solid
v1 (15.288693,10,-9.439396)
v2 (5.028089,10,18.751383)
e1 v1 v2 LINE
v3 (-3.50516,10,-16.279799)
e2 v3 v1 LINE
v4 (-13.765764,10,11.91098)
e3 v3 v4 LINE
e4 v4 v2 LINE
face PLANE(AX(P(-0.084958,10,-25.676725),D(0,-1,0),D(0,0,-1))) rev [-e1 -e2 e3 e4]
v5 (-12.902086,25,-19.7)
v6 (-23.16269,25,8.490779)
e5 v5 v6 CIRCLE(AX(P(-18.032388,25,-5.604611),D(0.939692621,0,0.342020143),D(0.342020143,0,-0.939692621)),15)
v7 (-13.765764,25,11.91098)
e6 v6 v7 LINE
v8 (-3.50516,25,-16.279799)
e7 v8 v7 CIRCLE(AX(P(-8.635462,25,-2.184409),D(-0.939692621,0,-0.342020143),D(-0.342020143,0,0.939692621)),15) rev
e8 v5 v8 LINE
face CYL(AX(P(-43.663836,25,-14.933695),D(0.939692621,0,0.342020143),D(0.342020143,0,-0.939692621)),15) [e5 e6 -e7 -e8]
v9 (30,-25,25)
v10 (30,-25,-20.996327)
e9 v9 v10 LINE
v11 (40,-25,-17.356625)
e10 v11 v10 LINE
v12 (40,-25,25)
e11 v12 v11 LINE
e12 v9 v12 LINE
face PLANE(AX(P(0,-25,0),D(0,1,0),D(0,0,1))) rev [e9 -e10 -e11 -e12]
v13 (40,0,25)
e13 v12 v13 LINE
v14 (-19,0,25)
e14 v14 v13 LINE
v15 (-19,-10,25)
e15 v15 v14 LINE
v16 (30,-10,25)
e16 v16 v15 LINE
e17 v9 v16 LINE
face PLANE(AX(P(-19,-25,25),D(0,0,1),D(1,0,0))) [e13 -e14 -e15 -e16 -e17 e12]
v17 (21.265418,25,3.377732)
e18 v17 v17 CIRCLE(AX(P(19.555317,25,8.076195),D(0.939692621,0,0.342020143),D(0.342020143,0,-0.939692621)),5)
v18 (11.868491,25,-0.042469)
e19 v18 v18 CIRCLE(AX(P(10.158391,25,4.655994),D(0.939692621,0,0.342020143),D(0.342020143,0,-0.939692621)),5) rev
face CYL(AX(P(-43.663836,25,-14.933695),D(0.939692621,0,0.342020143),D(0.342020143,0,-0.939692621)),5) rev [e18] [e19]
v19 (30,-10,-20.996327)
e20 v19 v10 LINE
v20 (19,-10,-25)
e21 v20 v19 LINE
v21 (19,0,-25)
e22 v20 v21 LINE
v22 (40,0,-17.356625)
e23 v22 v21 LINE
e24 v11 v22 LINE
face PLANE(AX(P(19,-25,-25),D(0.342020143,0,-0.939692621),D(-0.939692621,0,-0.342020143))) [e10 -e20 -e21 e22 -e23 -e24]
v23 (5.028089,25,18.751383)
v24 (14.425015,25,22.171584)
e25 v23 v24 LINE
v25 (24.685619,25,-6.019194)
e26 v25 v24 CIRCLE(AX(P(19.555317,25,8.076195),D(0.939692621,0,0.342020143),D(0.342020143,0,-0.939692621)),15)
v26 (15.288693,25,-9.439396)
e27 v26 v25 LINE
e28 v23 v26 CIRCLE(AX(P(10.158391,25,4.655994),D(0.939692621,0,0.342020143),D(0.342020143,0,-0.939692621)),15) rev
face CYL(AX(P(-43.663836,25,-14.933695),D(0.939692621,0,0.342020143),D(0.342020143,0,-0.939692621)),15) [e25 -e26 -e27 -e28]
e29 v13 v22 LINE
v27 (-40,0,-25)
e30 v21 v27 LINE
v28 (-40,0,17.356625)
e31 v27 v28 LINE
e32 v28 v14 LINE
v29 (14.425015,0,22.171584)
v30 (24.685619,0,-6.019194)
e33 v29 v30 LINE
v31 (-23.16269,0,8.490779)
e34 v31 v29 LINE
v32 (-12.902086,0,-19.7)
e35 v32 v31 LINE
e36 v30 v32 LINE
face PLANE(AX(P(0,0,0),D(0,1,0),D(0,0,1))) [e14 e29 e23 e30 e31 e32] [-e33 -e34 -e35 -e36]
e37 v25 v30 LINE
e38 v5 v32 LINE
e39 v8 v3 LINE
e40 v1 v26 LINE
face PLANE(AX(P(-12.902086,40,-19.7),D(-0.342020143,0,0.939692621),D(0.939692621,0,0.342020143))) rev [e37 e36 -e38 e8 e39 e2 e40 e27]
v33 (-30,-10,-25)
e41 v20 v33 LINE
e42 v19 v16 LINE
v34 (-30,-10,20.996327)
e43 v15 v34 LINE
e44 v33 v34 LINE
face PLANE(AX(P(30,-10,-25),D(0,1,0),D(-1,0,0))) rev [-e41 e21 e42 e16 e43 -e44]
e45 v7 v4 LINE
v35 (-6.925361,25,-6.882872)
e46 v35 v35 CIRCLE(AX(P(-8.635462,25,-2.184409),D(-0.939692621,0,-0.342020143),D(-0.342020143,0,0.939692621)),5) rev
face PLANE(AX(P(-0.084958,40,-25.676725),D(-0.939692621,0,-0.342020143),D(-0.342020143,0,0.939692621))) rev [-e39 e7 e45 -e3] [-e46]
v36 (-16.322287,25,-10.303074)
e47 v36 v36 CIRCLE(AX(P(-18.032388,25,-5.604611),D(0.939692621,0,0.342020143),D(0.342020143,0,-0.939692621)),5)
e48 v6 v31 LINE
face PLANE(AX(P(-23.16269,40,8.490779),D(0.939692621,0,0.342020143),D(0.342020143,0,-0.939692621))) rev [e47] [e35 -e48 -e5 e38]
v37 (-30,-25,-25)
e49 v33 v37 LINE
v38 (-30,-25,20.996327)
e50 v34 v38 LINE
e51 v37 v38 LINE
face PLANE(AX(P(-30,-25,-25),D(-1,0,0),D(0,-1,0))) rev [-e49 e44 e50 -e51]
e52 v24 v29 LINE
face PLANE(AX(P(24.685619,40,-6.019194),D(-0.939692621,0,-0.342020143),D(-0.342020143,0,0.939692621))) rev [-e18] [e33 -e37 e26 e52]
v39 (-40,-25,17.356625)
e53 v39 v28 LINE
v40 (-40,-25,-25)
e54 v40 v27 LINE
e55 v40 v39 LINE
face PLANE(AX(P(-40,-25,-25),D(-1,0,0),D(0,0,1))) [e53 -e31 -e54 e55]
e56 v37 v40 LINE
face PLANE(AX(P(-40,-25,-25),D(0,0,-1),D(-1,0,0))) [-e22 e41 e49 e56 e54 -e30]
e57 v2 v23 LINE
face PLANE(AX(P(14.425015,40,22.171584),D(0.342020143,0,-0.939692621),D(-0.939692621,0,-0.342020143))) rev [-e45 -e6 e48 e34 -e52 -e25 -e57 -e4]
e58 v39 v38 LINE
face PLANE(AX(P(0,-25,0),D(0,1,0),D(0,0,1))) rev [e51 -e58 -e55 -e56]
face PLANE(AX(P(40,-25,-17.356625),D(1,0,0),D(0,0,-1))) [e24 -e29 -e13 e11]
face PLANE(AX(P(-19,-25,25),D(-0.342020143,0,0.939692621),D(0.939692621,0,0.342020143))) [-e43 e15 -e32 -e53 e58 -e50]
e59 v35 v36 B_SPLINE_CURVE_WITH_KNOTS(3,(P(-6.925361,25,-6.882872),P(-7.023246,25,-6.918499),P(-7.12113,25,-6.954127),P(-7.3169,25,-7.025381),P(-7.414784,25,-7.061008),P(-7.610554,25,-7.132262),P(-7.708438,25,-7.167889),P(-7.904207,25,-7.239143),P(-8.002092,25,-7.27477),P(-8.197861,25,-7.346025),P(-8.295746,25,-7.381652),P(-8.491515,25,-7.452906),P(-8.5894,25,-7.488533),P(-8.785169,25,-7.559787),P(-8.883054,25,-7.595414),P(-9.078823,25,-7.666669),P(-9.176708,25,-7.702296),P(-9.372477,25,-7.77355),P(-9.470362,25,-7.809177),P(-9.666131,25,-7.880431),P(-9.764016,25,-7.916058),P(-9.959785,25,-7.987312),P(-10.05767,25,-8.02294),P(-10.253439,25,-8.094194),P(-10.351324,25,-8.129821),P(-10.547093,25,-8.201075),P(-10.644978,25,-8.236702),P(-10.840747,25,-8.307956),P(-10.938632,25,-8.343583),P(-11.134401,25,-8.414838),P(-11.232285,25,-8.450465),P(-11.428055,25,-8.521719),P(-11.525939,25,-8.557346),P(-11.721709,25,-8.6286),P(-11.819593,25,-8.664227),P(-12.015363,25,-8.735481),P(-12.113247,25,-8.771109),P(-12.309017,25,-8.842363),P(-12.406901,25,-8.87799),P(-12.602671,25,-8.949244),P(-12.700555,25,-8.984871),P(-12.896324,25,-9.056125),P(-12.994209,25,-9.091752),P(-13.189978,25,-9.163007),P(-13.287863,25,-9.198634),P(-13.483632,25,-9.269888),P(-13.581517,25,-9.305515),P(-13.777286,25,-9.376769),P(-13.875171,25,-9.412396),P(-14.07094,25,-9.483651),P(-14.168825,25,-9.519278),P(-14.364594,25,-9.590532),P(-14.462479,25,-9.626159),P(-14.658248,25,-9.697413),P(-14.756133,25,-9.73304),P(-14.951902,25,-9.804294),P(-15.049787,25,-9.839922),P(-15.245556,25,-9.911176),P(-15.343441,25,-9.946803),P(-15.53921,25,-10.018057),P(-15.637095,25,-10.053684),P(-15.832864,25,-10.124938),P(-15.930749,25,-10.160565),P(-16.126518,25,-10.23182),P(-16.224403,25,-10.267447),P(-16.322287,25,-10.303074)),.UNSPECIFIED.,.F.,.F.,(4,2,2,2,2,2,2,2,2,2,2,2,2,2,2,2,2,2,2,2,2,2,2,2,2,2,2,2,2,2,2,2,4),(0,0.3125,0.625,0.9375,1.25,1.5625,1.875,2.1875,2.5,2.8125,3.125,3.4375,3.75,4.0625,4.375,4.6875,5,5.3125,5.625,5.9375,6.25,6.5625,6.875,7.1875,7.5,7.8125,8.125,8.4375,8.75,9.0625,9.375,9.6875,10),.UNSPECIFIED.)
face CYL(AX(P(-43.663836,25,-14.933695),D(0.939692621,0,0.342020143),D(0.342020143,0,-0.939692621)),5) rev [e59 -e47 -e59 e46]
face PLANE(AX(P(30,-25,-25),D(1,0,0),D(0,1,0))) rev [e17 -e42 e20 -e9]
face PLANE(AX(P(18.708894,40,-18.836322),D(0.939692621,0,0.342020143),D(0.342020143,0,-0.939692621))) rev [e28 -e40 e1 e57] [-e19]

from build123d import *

# Parameters (mm, degrees)
EXTRUDE_1_DEPTH     = 25
SKETCH_2_W          = 60
SKETCH_2_H          = 15
CUT_EXTRUDE_1_DEPTH = 69.738635424
EXTRUDE_2_DEPTH     = 40
SKETCH_4_R          = 5
CUT_EXTRUDE_2_DEPTH = 79.882076454
SKETCH_5_W          = 20
SKETCH_5_H          = 30
CUT_EXTRUDE_3_DEPTH = 40


with BuildPart() as part:
    # Эскиз1 → Бобышка-Вытянуть1 (new body)
    with BuildSketch(Plane(origin=(0, 0, 0), x_dir=(1, 0, 0), z_dir=(0, 1, 0))):
        Polygon((-40, 25), (19, 25), (40, 17.35662508), (40, -25), (-19, -25), (-40, -17.35662508), align=None)
    extrude(amount=-EXTRUDE_1_DEPTH)

    # Эскиз2 → Вырез-Вытянуть1 (cut, through all)
    with BuildSketch(Plane.XY.offset(25)):
        with Locations((0, -17.5)):
            Rectangle(SKETCH_2_W, SKETCH_2_H)
    extrude(amount=-CUT_EXTRUDE_1_DEPTH, mode=Mode.SUBTRACT)

    # Эскиз3 → Бобышка-Вытянуть2 (add)
    with BuildSketch(Plane(origin=(0, 0, 0), x_dir=(1, 0, 0), z_dir=(0, 1, 0))):
        Polygon((-12.902085739, 19.7), (24.685619092, 6.019194267), (14.425014792, -22.171584357), (-23.162690039, -8.490778624), align=None)
    extrude(amount=EXTRUDE_2_DEPTH)

    # Эскиз4 → Вырез-Вытянуть2 (cut, through all)
    with BuildSketch(Plane(origin=(19.863418464, 0, 7.229693072), x_dir=(0.34202014332567277, 0, -0.939692620785907), z_dir=(0.939692620785907, 0, 0.34202014332567277))):
        with BuildLine():
            Line((-15.900828584, 40), (-15.900828584, 25))
            ThreePointArc((-15.900828584, 25), (-11.507430302, 35.606601718), (-0.900828584, 40))
            Line((-0.900828584, 40), (-15.900828584, 40))
        make_face()
        with BuildLine():
            Line((14.099171416, 40), (-0.900828584, 40))
            ThreePointArc((-0.900828584, 40), (9.705773134, 35.606601718), (14.099171416, 25))
            Line((14.099171416, 25), (14.099171416, 40))
        make_face()
        with Locations((-0.900828584, 25)):
            Circle(SKETCH_4_R)
    extrude(amount=-CUT_EXTRUDE_2_DEPTH, mode=Mode.SUBTRACT)

    # Эскиз5 → Вырез-Вытянуть3 (cut)
    with BuildSketch(Plane(origin=(-5.438403671, 0, 14.941891285), x_dir=(0.9396926207859105, 0, 0.34202014332566305), z_dir=(-0.34202014332566305, 0, 0.9396926207859105))):
        with Locations((1.138208415, 25)):
            Rectangle(SKETCH_5_W, SKETCH_5_H)
    extrude(amount=-CUT_EXTRUDE_3_DEPTH, mode=Mode.SUBTRACT)


solid = part.part
